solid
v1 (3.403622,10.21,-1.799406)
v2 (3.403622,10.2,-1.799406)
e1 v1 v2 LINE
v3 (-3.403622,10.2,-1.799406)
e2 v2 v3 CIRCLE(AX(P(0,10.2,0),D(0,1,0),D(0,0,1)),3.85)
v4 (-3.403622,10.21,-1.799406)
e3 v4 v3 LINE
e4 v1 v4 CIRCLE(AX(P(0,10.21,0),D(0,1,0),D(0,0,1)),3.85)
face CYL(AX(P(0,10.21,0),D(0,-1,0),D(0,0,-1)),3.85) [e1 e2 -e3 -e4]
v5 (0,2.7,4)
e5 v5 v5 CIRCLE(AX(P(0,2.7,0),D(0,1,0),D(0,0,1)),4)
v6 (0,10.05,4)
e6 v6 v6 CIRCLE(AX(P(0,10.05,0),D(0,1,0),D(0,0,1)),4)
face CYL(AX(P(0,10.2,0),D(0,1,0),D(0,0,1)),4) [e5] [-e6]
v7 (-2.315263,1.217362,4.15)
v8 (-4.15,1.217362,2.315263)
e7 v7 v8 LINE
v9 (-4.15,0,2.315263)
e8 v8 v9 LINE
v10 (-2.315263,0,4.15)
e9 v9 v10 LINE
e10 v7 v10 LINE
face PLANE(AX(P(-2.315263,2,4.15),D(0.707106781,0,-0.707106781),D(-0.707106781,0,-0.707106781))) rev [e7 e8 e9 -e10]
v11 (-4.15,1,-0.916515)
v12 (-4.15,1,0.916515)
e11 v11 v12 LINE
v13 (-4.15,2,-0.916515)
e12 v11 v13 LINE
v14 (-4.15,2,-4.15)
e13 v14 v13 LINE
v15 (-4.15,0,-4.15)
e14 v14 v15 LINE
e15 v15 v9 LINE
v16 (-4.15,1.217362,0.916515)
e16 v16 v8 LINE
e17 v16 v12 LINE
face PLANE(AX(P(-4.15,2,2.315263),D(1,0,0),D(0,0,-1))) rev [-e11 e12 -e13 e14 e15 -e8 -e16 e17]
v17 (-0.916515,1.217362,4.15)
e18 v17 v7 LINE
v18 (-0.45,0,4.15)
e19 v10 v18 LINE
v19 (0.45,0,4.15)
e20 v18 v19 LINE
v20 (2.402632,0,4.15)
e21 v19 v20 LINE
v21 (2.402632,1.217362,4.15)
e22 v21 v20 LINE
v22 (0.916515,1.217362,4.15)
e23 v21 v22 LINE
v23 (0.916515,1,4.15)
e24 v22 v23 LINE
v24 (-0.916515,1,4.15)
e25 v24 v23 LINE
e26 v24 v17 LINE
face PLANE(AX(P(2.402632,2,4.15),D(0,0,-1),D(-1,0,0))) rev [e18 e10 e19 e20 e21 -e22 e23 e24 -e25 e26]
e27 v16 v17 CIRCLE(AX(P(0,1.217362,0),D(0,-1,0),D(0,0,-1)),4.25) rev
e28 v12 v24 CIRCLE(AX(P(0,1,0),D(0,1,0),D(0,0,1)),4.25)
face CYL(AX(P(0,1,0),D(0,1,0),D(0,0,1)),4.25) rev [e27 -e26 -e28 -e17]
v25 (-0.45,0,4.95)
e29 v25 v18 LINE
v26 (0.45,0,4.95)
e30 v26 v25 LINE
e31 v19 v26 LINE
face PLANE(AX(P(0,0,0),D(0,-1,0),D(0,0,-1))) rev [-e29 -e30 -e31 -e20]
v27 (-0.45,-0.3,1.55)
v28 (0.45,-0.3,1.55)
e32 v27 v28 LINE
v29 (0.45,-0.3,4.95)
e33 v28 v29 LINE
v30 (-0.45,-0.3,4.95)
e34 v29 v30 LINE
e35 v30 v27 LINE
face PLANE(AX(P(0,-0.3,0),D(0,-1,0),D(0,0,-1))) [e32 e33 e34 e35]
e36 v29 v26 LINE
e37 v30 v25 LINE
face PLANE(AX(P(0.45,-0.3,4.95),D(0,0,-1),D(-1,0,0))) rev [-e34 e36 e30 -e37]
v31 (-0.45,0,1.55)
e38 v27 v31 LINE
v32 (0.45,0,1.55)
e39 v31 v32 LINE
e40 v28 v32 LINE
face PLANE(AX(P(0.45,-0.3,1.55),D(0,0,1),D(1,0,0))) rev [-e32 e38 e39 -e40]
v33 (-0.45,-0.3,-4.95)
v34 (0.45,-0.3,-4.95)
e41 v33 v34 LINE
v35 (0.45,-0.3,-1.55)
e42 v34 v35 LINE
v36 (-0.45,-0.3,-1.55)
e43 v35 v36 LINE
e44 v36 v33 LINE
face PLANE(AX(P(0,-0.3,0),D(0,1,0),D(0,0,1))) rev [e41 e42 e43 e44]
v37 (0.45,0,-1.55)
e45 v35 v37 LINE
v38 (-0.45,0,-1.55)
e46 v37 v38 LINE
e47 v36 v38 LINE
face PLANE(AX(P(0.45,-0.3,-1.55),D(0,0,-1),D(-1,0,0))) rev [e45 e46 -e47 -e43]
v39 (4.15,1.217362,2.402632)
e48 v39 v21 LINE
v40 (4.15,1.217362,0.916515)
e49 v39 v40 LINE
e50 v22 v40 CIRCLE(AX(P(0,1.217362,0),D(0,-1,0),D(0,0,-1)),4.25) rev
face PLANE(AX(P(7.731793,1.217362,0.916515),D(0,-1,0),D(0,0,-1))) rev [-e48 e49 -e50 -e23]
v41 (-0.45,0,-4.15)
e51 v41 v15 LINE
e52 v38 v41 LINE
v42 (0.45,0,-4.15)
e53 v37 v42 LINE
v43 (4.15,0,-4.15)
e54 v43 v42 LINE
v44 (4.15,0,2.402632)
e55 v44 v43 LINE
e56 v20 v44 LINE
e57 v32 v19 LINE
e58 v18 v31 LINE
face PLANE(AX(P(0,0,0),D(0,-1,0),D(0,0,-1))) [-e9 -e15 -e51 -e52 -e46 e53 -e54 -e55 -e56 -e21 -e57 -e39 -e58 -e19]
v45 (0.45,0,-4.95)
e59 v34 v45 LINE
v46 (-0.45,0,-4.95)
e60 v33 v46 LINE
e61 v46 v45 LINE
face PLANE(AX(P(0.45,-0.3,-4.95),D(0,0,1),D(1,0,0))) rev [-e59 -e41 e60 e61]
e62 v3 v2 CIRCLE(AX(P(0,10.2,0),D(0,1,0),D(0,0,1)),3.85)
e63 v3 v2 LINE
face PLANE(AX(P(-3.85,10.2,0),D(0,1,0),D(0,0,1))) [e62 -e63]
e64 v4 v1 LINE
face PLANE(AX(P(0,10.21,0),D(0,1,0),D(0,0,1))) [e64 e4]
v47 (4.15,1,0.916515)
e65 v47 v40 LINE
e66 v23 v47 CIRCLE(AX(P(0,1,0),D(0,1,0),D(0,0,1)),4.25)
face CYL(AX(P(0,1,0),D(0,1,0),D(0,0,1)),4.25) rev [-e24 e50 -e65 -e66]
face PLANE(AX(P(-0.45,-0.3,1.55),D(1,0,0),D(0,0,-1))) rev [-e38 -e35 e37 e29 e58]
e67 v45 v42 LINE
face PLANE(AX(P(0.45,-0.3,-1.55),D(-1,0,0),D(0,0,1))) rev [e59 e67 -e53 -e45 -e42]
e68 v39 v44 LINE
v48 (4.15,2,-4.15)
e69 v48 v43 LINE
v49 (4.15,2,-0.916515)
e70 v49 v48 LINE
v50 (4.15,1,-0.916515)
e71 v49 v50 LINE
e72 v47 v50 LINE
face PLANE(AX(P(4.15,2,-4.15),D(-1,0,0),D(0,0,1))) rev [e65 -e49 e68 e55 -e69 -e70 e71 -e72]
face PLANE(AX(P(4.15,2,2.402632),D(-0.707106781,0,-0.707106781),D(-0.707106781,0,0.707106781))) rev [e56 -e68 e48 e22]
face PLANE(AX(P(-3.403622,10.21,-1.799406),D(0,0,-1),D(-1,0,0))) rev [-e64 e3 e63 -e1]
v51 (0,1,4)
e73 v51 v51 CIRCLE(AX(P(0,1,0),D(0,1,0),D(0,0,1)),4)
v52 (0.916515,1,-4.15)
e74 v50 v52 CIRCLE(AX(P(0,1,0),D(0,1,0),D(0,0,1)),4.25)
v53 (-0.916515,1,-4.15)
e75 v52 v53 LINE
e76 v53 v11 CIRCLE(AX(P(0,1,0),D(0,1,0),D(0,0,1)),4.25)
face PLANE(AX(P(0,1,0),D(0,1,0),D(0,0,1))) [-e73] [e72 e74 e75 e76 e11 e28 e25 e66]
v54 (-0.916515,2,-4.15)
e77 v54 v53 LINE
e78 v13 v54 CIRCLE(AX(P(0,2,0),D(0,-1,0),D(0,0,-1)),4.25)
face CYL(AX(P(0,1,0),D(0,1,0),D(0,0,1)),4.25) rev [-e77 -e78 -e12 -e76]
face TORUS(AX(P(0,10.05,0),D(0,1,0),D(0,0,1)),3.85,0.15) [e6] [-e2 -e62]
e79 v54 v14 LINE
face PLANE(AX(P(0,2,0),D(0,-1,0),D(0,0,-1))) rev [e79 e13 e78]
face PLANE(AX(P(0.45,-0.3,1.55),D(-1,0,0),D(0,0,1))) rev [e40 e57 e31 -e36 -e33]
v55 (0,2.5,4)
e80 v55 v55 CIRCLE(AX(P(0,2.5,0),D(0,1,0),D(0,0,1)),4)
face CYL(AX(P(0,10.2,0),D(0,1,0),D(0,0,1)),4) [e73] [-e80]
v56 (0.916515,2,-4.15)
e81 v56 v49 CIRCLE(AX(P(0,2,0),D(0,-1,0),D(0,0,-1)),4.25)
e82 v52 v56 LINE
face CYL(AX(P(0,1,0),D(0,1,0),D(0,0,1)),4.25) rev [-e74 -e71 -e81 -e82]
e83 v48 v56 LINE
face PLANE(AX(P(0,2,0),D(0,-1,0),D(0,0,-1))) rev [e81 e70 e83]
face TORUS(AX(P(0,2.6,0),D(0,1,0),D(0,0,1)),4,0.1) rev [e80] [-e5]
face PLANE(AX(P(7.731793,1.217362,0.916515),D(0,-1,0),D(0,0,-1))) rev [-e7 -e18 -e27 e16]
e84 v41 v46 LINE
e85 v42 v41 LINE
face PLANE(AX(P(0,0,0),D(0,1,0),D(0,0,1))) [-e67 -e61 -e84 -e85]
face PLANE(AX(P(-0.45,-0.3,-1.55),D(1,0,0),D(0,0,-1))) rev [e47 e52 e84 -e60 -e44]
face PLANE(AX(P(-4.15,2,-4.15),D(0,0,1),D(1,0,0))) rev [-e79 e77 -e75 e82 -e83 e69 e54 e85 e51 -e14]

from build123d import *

# Parameters (mm, degrees)
BOSS_EXTRUDE1_DEPTH = 2
SKETCH2_R           = 4.25
CUT_EXTRUDE1_DEPTH  = 1
CUT_EXTRUDE4_START  = -8.3
SKETCH8_W           = 3.410115148
SKETCH8_H           = 1.095606144
CUT_EXTRUDE4_DEPTH  = 8.3
BOSS_EXTRUDE4_DEPTH = 0.01
SKETCH9_W           = 0.9
SKETCH9_H           = 3.4
BOSS_EXTRUDE5_DEPTH = 0.3


with BuildPart() as part:
    # Sketch1 → Boss-Extrude1 (new body)
    with BuildSketch(Plane(origin=(0, 0, 0), x_dir=(1, 0, 0), z_dir=(0, 1, 0))):
        Polygon((-4.15, 4.15), (4.15, 4.15), (4.15, -2.402631579), (2.402631579, -4.15), (-2.315263158, -4.15), (-4.15, -2.315263158), align=None)
    extrude(amount=BOSS_EXTRUDE1_DEPTH)

    # Sketch2 → Cut-Extrude1 (cut)
    with BuildSketch(Plane(origin=(0, 2, 0), x_dir=(1, 0, 0), z_dir=(0, 1, 0))):
        Circle(SKETCH2_R)
    extrude(amount=-CUT_EXTRUDE1_DEPTH, mode=Mode.SUBTRACT)

    # Sketch8 → Cut-Extrude4 (cut)
    with BuildSketch(Plane.ZY.offset(4.15).offset(CUT_EXTRUDE4_START)):
        with Locations((2.621572713, 1.765165498)):
            Rectangle(SKETCH8_W, SKETCH8_H)
    extrude(amount=CUT_EXTRUDE4_DEPTH, mode=Mode.SUBTRACT)

    # Sketch5 → Revolve1 (revolve)
    with BuildSketch(Plane.XY, mode=Mode.PRIVATE) as revolve1_sk:
        with BuildLine():
            Line((0, 1), (-4, 1))
            Line((-4, 1), (-4, 2.5))
            ThreePointArc((-4, 2.5), (-3.9, 2.6), (-4, 2.7))
            Line((-4, 2.7), (-4, 10.05))
            ThreePointArc((-4, 10.05), (-3.956066017, 10.156066017), (-3.85, 10.2))
            Line((-3.85, 10.2), (0, 10.2))
            Line((0, 10.2), (0, 1))
        make_face()
    revolve(revolve1_sk.sketch.rotate(Axis((0, 10.2, 0), (0, -1, 0)), 270), axis=Axis((0, 10.2, 0), (0, -1, 0)))

    # Sketch6 → Boss-Extrude4 (add)
    with BuildSketch(Plane(origin=(0, 10.2, 0), x_dir=(1, 0, 0), z_dir=(0, 1, 0))):
        with BuildLine():
            Line((-3.403621507, 1.799405635), (3.403621507, 1.799405635))
            ThreePointArc((3.403621507, 1.799405635), (0, 3.85), (-3.403621507, 1.799405635))
        make_face()
    extrude(amount=BOSS_EXTRUDE4_DEPTH)

    # Sketch9 → Boss-Extrude5 (add)
    with BuildSketch(Plane.XZ):
        with Locations((0, -3.25)):
            Rectangle(SKETCH9_W, SKETCH9_H)
        with Locations((0, 3.25)):
            Rectangle(SKETCH9_W, SKETCH9_H)
    extrude(amount=BOSS_EXTRUDE5_DEPTH)


solid = part.part
